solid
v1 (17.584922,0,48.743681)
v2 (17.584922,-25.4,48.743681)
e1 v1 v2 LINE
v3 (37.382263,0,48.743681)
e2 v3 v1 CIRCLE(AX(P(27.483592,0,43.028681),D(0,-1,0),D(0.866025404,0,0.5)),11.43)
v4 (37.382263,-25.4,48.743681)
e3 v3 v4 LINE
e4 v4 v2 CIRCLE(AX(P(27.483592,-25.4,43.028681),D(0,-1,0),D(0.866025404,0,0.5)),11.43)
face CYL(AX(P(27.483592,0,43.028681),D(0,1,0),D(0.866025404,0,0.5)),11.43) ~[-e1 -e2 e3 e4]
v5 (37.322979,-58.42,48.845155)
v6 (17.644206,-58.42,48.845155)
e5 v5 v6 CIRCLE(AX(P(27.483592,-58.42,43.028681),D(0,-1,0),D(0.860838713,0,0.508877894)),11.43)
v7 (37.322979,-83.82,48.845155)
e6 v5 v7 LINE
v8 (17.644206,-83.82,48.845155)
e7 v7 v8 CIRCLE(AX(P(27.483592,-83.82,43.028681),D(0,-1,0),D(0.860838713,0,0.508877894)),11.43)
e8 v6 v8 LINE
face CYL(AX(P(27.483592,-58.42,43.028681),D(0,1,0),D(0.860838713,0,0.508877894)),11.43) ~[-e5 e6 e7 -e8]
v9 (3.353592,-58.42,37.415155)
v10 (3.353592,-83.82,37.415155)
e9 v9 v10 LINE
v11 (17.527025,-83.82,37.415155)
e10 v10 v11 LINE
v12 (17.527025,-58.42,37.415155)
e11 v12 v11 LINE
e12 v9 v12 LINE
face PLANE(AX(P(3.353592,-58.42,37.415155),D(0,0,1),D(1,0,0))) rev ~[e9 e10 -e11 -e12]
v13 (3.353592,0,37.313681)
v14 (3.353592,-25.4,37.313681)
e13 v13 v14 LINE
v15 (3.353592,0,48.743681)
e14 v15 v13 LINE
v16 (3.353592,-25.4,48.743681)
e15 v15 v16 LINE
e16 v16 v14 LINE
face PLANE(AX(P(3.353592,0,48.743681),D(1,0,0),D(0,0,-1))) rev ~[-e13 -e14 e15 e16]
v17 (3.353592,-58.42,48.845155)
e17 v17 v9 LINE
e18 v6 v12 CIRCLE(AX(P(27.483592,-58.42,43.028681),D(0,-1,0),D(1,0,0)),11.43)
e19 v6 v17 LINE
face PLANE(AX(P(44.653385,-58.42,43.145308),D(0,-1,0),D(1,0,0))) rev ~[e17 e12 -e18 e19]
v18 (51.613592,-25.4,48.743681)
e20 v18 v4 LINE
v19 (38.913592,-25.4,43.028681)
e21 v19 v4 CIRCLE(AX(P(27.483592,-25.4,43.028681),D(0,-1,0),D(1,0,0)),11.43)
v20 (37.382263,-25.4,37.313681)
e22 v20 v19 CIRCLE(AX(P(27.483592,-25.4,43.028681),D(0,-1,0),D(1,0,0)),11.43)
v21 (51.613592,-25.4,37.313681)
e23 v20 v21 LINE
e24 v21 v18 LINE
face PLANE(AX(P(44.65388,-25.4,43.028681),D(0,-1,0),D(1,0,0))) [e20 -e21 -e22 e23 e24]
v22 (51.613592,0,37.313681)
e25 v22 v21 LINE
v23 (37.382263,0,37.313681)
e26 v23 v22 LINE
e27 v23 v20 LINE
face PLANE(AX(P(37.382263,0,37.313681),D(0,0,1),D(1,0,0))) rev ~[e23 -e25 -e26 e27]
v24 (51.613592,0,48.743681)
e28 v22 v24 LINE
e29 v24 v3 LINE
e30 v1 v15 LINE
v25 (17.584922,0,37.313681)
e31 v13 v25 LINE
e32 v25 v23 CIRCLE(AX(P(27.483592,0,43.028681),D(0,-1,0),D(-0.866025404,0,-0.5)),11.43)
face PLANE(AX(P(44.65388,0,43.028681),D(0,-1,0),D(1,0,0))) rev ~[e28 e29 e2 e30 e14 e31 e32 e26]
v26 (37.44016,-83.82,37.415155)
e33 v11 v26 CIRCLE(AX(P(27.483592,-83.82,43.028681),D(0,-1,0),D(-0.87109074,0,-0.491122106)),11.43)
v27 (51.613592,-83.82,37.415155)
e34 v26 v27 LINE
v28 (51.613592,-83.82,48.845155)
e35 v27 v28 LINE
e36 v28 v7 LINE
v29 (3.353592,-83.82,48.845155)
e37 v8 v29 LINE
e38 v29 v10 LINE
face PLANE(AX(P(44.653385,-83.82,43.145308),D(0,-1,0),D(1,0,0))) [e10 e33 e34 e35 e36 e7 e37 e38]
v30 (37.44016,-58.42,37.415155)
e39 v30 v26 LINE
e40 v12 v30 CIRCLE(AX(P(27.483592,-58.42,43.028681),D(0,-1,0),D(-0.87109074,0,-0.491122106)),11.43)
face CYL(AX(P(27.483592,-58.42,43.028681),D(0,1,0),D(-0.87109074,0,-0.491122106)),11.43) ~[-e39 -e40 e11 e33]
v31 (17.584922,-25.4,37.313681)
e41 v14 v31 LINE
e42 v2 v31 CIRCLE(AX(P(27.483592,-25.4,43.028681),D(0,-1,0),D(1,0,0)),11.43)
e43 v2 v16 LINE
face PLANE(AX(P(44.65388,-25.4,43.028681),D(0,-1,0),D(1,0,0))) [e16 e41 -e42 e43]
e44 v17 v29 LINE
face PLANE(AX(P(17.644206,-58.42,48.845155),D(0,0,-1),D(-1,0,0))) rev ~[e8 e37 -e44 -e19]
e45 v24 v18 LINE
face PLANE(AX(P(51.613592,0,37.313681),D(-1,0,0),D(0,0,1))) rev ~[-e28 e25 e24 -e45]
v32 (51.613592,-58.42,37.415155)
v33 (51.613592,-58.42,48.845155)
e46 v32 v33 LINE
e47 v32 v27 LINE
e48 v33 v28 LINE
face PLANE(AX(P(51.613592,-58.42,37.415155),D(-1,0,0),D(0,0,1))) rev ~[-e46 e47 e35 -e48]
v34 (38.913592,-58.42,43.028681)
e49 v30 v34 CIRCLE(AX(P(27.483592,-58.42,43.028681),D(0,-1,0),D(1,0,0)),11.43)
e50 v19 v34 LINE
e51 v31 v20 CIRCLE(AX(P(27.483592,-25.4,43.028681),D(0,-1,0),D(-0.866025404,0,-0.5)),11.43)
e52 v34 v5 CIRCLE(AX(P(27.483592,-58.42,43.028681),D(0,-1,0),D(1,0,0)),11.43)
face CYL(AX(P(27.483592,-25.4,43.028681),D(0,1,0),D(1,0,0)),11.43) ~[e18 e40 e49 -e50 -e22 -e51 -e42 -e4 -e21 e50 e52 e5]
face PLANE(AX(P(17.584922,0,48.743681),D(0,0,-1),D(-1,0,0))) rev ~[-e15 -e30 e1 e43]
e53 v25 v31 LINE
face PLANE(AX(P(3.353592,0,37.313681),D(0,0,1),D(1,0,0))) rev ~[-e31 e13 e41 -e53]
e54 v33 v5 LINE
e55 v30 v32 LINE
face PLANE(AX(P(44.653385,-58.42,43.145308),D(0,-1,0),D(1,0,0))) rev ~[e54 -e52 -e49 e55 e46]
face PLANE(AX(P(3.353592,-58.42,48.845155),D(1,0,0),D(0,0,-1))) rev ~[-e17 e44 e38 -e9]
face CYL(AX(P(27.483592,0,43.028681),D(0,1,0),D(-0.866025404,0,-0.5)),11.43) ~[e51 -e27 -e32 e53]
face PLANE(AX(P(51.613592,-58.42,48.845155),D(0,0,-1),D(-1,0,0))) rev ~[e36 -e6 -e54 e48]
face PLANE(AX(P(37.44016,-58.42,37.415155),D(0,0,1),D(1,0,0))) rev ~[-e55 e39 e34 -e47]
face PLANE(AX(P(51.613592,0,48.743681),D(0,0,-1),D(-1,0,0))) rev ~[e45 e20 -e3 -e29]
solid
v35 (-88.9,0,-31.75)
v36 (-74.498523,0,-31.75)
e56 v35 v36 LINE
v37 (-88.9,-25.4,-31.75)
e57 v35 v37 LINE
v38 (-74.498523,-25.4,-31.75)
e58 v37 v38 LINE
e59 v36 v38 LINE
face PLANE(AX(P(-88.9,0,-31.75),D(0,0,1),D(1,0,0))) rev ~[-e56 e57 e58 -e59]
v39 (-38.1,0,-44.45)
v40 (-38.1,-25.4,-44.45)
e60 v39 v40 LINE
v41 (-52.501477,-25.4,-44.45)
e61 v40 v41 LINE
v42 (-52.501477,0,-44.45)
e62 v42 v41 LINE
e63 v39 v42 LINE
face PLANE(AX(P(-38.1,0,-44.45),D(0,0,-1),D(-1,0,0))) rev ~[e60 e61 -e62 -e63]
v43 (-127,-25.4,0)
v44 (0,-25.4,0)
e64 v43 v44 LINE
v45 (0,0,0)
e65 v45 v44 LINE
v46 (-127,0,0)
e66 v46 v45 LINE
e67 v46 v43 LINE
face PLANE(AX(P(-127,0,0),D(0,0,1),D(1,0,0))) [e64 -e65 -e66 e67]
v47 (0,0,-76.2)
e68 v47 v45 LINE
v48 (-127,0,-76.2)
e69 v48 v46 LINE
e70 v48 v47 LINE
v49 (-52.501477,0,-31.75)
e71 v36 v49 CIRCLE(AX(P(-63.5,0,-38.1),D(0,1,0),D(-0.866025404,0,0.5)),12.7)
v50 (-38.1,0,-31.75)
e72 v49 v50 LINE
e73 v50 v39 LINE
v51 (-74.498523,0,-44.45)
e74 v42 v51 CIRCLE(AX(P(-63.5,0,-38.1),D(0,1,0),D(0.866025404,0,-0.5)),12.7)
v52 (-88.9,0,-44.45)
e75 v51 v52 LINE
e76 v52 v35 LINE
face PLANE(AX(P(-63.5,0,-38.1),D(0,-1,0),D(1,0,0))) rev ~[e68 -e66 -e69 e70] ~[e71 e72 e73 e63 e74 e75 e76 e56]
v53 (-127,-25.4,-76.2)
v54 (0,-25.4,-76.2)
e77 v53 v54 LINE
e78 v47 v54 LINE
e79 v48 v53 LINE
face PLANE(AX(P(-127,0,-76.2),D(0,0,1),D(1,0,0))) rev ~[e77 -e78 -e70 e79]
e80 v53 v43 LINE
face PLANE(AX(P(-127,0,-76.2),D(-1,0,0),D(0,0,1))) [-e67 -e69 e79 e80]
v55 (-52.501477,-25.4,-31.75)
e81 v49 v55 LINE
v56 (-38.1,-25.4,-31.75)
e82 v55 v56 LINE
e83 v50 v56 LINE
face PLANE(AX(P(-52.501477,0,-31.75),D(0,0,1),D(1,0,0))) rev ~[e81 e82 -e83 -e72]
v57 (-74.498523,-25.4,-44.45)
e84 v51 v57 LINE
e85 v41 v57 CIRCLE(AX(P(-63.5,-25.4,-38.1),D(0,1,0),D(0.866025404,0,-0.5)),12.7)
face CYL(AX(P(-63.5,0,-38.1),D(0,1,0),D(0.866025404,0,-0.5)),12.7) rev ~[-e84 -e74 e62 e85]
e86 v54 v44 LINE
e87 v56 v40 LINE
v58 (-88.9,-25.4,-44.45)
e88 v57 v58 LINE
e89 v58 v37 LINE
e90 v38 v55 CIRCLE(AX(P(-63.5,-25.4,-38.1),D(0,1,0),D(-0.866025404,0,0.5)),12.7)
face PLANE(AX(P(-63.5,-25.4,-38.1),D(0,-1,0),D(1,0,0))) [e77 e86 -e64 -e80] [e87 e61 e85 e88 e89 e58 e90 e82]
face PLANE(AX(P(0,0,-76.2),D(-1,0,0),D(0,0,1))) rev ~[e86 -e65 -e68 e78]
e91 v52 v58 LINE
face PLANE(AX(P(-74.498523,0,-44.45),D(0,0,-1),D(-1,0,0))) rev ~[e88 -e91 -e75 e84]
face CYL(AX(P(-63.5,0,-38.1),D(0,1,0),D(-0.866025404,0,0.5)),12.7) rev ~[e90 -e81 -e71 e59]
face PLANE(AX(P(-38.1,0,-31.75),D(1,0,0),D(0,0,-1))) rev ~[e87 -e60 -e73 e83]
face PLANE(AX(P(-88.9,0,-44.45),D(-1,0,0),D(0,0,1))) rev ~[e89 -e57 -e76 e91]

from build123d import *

# Parameters (mm, degrees)
F0_W     = 127
F0_H     = 76.2
F1_DEPTH = 25.4
F2_DEPTH = 25.4
F4_DEPTH = 25.4
F5_R     = 11.43
F6_DEPTH = 33.02
F8_DEPTH = 25.4


with BuildPart() as f1:
    # F0 (on Front) → F1 (new body)
    with BuildSketch(Plane.XZ):
        with Locations((-63.5, -38.1)):
            Rectangle(F0_W, F0_H)
        with BuildLine():
            ThreePointArc((-74.4985226281, -31.75), (-63.5, -25.4), (-52.5014773719, -31.75))
            Line((-52.5014773719, -31.75), (-38.1, -31.75))
            Line((-38.1, -31.75), (-38.1, -44.45))
            Line((-38.1, -44.45), (-52.5014773719, -44.45))
            ThreePointArc((-52.5014773719, -44.45), (-63.5, -50.8), (-74.4985226281, -44.45))
            Line((-74.4985226281, -44.45), (-88.9, -44.45))
            Line((-88.9, -44.45), (-88.9, -31.75))
            Line((-88.9, -31.75), (-74.4985226281, -31.75))
        make_face(mode=Mode.SUBTRACT)
    extrude(amount=F1_DEPTH)

    # F0 (on Front) → F2 (join)
    with BuildSketch(Plane.XZ):
        with Locations((-63.5, -38.1)):
            Rectangle(F0_W, F0_H)
        with BuildLine():
            ThreePointArc((-74.4985226281, -31.75), (-63.5, -25.4), (-52.5014773719, -31.75))
            Line((-52.5014773719, -31.75), (-38.1, -31.75))
            Line((-38.1, -31.75), (-38.1, -44.45))
            Line((-38.1, -44.45), (-52.5014773719, -44.45))
            ThreePointArc((-52.5014773719, -44.45), (-63.5, -50.8), (-74.4985226281, -44.45))
            Line((-74.4985226281, -44.45), (-88.9, -44.45))
            Line((-88.9, -44.45), (-88.9, -31.75))
            Line((-88.9, -31.75), (-74.4985226281, -31.75))
        make_face(mode=Mode.SUBTRACT)
    extrude(amount=F2_DEPTH)


with BuildPart() as f4:
    # F3 (on Front) → F4 (new body)
    with BuildSketch(Plane.XZ):
        with BuildLine():
            ThreePointArc((37.3822628393, 48.7436810958), (38.5241246685, 45.9869827814), (38.913592474, 43.0286810958))
            ThreePointArc((38.913592474, 43.0286810958), (38.5241246685, 40.0703794103), (37.3822628393, 37.3136810958))
            Line((37.3822628393, 37.3136810958), (51.613592474, 37.3136810958))
            Line((51.613592474, 37.3136810958), (51.613592474, 48.7436810958))
            Line((51.613592474, 48.7436810958), (37.3822628393, 48.7436810958))
        make_face()
        with BuildLine():
            Line((17.5849221088, 48.7436810958), (37.3822628393, 48.7436810958))
            ThreePointArc((37.3822628393, 48.7436810958), (27.483592474, 54.4586810958), (17.5849221088, 48.7436810958))
        make_face()
        with BuildLine():
            ThreePointArc((17.5849221088, 37.3136810958), (27.483592474, 31.5986810958), (37.3822628393, 37.3136810958))
            Line((37.3822628393, 37.3136810958), (17.5849221088, 37.3136810958))
        make_face()
        with BuildLine():
            ThreePointArc((37.3822628393, 37.3136810958), (38.5241246685, 40.0703794103), (38.913592474, 43.0286810958))
            ThreePointArc((38.913592474, 43.0286810958), (38.5241246685, 45.9869827814), (37.3822628393, 48.7436810958))
            Line((37.3822628393, 48.7436810958), (17.5849221088, 48.7436810958))
            ThreePointArc((17.5849221088, 48.7436810958), (16.053592474, 43.0286810958), (17.5849221088, 37.3136810958))
            Line((17.5849221088, 37.3136810958), (37.3822628393, 37.3136810958))
        make_face()
        with BuildLine():
            ThreePointArc((17.5849221088, 37.3136810958), (16.053592474, 43.0286810958), (17.5849221088, 48.7436810958))
            Line((17.5849221088, 48.7436810958), (3.353592474, 48.7436810958))
            Line((3.353592474, 48.7436810958), (3.353592474, 37.3136810958))
            Line((3.353592474, 37.3136810958), (17.5849221088, 37.3136810958))
        make_face()
    extrude(amount=F4_DEPTH)

    # F5 (on face) → F6 (join)
    with BuildSketch(Plane.XZ.offset(25.4)):
        with Locations((27.483592474, 43.0286810958)):
            Circle(F5_R)
    extrude(amount=F6_DEPTH)

    # F7 (on face) → F8 (join)
    with BuildSketch(Plane.XZ.offset(58.42)):
        with BuildLine():
            Line((51.613592474, 48.845155419), (37.3229789614, 48.845155419))
            ThreePointArc((37.3229789614, 48.845155419), (38.5087701948, 46.0437028577), (38.913592474, 43.0286810958))
            ThreePointArc((38.913592474, 43.0286810958), (38.5390993046, 40.1268422444), (37.4401596272, 37.415155419))
            Line((37.4401596272, 37.415155419), (51.613592474, 37.415155419))
            Line((51.613592474, 37.415155419), (51.613592474, 48.845155419))
        make_face()
        with BuildLine():
            ThreePointArc((17.5270253208, 37.415155419), (16.0541930963, 43.1458556041), (17.6442059867, 48.845155419))
            Line((17.6442059867, 48.845155419), (3.353592474, 48.845155419))
            Line((3.353592474, 48.845155419), (3.353592474, 37.415155419))
            Line((3.353592474, 37.415155419), (17.5270253208, 37.415155419))
        make_face()
        with BuildLine():
            ThreePointArc((38.913592474, 43.0286810958), (38.5087701948, 46.0437028577), (37.3229789614, 48.845155419))
            ThreePointArc((37.3229789614, 48.845155419), (27.483592474, 54.4586810958), (17.6442059867, 48.845155419))
            ThreePointArc((17.6442059867, 48.845155419), (16.0541930963, 43.1458556041), (17.5270253208, 37.415155419))
            ThreePointArc((17.5270253208, 37.415155419), (27.483592474, 31.5986810958), (37.4401596272, 37.415155419))
            ThreePointArc((37.4401596272, 37.415155419), (38.5390993046, 40.1268422444), (38.913592474, 43.0286810958))
        make_face()
    extrude(amount=F8_DEPTH)


solid = Compound([f1.part, f4.part])
